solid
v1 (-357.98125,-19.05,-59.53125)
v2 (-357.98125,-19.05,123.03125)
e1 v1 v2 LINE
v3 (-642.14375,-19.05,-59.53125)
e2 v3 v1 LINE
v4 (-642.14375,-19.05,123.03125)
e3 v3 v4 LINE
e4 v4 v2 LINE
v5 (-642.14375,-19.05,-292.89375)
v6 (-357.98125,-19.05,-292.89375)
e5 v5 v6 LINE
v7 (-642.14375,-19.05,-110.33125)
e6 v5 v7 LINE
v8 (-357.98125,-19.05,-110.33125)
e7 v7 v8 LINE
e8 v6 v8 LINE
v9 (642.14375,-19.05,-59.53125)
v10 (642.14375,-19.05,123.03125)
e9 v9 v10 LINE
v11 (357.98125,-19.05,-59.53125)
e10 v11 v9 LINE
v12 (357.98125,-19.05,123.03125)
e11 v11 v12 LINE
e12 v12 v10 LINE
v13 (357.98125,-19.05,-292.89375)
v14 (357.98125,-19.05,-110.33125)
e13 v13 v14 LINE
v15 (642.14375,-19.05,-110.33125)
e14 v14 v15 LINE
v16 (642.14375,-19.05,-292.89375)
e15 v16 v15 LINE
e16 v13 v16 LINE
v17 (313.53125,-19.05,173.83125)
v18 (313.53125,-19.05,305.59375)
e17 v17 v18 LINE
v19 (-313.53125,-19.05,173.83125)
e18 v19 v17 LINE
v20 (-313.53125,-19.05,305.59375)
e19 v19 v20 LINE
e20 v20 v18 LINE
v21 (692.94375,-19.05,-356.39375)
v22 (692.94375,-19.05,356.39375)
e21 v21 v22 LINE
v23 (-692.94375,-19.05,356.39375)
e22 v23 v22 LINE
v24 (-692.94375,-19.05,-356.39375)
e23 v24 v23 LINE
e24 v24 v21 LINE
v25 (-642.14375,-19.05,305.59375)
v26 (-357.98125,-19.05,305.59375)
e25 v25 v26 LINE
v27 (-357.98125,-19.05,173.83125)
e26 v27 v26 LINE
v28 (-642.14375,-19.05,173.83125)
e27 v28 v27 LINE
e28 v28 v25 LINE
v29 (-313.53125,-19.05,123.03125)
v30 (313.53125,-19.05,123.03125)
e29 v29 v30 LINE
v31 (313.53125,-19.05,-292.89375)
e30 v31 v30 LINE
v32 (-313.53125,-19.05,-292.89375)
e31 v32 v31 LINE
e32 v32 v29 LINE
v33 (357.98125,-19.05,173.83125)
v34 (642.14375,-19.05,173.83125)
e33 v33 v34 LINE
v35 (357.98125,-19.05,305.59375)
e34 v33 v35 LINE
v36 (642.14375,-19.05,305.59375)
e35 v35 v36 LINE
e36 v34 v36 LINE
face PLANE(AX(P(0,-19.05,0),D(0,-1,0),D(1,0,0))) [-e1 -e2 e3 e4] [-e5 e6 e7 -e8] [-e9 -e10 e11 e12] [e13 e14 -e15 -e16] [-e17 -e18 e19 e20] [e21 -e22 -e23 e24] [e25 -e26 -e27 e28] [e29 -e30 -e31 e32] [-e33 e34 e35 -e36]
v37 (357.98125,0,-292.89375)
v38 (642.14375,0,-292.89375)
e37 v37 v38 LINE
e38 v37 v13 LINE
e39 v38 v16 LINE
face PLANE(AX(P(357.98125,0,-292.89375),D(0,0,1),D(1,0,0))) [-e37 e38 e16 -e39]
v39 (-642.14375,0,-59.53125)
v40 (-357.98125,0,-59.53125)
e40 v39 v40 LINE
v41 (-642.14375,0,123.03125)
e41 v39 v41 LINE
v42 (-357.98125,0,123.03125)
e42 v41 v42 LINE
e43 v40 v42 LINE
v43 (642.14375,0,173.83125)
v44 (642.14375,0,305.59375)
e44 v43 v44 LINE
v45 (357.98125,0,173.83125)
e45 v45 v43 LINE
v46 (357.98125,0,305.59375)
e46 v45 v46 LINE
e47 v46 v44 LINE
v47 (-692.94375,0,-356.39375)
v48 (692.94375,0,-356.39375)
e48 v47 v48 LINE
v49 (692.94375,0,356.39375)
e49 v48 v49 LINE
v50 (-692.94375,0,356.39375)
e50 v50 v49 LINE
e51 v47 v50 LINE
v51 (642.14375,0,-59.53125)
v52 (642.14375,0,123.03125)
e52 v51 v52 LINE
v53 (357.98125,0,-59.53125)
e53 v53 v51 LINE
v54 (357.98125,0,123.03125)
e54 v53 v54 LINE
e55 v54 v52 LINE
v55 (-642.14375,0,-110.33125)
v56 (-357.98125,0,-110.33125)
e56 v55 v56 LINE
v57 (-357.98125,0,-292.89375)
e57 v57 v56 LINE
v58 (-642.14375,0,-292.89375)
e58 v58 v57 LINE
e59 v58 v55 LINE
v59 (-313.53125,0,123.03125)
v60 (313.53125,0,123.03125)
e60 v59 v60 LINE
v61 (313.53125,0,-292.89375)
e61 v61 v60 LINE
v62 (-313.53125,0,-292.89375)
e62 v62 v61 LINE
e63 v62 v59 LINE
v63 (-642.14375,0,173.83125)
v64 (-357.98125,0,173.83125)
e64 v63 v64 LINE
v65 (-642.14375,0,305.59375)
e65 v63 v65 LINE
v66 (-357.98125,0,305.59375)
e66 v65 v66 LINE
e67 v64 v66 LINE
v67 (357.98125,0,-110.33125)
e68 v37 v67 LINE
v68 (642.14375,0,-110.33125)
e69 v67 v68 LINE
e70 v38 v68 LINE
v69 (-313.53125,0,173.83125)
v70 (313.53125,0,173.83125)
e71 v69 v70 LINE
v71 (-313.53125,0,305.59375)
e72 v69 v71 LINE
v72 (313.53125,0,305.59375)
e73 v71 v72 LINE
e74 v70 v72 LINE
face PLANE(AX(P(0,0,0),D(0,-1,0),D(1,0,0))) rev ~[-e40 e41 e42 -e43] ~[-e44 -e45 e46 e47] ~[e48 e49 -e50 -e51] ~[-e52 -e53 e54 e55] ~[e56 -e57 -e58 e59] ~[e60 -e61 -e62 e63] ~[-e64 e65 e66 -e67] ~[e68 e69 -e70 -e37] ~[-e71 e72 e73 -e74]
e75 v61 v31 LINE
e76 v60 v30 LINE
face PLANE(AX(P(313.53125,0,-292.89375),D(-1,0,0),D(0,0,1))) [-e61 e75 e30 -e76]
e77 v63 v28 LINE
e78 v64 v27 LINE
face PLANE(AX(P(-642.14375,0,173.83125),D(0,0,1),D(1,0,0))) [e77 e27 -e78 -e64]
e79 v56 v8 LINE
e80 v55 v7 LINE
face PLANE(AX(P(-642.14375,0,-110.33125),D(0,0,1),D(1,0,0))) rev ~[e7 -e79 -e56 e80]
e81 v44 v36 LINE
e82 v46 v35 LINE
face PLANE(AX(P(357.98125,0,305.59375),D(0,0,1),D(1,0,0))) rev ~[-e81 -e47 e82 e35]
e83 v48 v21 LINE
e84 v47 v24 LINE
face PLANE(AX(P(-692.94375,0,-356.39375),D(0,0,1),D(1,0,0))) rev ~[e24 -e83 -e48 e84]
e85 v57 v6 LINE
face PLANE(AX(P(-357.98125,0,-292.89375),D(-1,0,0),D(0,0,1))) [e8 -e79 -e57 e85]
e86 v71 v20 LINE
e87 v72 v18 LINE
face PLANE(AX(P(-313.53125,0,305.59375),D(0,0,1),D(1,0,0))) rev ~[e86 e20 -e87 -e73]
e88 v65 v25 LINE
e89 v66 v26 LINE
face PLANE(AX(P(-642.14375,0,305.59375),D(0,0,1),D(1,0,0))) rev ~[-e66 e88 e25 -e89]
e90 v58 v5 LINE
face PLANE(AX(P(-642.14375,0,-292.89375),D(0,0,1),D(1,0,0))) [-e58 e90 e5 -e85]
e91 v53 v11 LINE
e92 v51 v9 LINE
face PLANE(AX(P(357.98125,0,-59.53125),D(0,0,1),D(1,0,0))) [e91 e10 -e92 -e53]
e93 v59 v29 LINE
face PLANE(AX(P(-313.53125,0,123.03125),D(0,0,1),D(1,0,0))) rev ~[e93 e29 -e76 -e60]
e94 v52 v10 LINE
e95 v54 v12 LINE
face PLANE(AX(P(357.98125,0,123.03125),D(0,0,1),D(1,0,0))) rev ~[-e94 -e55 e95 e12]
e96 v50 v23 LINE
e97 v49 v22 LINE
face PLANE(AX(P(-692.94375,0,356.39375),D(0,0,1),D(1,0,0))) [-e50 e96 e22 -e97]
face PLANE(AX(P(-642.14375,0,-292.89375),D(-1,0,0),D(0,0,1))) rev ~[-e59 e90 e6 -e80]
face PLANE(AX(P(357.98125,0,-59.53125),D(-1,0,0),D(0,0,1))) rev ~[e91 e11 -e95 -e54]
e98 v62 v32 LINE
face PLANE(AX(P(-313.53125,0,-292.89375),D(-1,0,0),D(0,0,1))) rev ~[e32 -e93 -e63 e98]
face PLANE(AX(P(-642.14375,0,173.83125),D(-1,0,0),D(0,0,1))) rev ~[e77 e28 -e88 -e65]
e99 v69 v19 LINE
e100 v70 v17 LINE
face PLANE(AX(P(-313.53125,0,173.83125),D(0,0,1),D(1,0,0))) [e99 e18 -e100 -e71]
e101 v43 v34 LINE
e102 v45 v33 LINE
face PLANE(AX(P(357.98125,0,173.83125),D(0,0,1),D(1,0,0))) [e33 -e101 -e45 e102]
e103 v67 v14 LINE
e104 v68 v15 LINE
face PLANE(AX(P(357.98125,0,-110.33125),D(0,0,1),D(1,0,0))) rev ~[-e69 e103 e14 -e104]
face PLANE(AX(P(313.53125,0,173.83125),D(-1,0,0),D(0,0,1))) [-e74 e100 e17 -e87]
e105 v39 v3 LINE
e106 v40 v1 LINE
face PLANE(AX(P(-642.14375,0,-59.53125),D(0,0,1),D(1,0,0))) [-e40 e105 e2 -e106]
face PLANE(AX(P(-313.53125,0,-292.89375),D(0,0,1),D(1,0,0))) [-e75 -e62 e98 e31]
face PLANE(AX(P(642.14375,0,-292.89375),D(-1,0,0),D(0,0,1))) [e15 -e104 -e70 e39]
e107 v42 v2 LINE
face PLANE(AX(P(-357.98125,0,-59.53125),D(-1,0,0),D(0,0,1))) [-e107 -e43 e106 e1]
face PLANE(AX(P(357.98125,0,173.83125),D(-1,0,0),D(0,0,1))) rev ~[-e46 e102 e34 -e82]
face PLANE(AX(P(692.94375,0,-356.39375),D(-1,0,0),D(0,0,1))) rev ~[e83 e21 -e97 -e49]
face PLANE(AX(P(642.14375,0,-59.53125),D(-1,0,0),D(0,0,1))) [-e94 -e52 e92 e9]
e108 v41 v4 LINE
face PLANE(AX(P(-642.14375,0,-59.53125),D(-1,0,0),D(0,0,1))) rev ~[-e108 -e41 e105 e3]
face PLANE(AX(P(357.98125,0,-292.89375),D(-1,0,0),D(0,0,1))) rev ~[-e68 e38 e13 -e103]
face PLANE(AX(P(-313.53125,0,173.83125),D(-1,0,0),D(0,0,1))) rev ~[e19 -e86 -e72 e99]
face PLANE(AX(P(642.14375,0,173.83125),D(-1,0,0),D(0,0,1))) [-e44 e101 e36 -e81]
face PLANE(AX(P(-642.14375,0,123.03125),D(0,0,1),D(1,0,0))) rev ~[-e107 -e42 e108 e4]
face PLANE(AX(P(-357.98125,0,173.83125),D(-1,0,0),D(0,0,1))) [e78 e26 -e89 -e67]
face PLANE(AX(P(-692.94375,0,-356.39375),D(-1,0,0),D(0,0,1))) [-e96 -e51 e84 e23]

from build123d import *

# Parameters (mm, degrees)
F0_W     = 1385.8875
F0_H     = 712.7875
F0_W_2   = 284.1625
F0_H_2   = 182.5625
F0_W_3   = 627.0625
F0_H_3   = 415.925
F0_H_4   = 131.7625
F1_DEPTH = 19.05


with BuildPart() as f1:
    # F0 (on Front) → F1 (new body)
    with BuildSketch(Plane.XZ):
        Rectangle(F0_W, F0_H)
        with Locations((-500.0625, -201.6125)):
            Rectangle(F0_W_2, F0_H_2, mode=Mode.SUBTRACT)
        with Locations((0, -84.93125)):
            Rectangle(F0_W_3, F0_H_3, mode=Mode.SUBTRACT)
        with Locations((500.0625, -201.6125)):
            Rectangle(F0_W_2, F0_H_2, mode=Mode.SUBTRACT)
        with Locations((-500.0625, 31.75)):
            Rectangle(F0_W_2, F0_H_2, mode=Mode.SUBTRACT)
        with Locations((-500.0625, 239.7125)):
            Rectangle(F0_W_2, F0_H_4, mode=Mode.SUBTRACT)
        with Locations((0, 239.7125)):
            Rectangle(F0_W_3, F0_H_4, mode=Mode.SUBTRACT)
        with Locations((500.0625, 31.75)):
            Rectangle(F0_W_2, F0_H_2, mode=Mode.SUBTRACT)
        with Locations((500.0625, 239.7125)):
            Rectangle(F0_W_2, F0_H_4, mode=Mode.SUBTRACT)
    extrude(amount=F1_DEPTH)


solid = f1.part
